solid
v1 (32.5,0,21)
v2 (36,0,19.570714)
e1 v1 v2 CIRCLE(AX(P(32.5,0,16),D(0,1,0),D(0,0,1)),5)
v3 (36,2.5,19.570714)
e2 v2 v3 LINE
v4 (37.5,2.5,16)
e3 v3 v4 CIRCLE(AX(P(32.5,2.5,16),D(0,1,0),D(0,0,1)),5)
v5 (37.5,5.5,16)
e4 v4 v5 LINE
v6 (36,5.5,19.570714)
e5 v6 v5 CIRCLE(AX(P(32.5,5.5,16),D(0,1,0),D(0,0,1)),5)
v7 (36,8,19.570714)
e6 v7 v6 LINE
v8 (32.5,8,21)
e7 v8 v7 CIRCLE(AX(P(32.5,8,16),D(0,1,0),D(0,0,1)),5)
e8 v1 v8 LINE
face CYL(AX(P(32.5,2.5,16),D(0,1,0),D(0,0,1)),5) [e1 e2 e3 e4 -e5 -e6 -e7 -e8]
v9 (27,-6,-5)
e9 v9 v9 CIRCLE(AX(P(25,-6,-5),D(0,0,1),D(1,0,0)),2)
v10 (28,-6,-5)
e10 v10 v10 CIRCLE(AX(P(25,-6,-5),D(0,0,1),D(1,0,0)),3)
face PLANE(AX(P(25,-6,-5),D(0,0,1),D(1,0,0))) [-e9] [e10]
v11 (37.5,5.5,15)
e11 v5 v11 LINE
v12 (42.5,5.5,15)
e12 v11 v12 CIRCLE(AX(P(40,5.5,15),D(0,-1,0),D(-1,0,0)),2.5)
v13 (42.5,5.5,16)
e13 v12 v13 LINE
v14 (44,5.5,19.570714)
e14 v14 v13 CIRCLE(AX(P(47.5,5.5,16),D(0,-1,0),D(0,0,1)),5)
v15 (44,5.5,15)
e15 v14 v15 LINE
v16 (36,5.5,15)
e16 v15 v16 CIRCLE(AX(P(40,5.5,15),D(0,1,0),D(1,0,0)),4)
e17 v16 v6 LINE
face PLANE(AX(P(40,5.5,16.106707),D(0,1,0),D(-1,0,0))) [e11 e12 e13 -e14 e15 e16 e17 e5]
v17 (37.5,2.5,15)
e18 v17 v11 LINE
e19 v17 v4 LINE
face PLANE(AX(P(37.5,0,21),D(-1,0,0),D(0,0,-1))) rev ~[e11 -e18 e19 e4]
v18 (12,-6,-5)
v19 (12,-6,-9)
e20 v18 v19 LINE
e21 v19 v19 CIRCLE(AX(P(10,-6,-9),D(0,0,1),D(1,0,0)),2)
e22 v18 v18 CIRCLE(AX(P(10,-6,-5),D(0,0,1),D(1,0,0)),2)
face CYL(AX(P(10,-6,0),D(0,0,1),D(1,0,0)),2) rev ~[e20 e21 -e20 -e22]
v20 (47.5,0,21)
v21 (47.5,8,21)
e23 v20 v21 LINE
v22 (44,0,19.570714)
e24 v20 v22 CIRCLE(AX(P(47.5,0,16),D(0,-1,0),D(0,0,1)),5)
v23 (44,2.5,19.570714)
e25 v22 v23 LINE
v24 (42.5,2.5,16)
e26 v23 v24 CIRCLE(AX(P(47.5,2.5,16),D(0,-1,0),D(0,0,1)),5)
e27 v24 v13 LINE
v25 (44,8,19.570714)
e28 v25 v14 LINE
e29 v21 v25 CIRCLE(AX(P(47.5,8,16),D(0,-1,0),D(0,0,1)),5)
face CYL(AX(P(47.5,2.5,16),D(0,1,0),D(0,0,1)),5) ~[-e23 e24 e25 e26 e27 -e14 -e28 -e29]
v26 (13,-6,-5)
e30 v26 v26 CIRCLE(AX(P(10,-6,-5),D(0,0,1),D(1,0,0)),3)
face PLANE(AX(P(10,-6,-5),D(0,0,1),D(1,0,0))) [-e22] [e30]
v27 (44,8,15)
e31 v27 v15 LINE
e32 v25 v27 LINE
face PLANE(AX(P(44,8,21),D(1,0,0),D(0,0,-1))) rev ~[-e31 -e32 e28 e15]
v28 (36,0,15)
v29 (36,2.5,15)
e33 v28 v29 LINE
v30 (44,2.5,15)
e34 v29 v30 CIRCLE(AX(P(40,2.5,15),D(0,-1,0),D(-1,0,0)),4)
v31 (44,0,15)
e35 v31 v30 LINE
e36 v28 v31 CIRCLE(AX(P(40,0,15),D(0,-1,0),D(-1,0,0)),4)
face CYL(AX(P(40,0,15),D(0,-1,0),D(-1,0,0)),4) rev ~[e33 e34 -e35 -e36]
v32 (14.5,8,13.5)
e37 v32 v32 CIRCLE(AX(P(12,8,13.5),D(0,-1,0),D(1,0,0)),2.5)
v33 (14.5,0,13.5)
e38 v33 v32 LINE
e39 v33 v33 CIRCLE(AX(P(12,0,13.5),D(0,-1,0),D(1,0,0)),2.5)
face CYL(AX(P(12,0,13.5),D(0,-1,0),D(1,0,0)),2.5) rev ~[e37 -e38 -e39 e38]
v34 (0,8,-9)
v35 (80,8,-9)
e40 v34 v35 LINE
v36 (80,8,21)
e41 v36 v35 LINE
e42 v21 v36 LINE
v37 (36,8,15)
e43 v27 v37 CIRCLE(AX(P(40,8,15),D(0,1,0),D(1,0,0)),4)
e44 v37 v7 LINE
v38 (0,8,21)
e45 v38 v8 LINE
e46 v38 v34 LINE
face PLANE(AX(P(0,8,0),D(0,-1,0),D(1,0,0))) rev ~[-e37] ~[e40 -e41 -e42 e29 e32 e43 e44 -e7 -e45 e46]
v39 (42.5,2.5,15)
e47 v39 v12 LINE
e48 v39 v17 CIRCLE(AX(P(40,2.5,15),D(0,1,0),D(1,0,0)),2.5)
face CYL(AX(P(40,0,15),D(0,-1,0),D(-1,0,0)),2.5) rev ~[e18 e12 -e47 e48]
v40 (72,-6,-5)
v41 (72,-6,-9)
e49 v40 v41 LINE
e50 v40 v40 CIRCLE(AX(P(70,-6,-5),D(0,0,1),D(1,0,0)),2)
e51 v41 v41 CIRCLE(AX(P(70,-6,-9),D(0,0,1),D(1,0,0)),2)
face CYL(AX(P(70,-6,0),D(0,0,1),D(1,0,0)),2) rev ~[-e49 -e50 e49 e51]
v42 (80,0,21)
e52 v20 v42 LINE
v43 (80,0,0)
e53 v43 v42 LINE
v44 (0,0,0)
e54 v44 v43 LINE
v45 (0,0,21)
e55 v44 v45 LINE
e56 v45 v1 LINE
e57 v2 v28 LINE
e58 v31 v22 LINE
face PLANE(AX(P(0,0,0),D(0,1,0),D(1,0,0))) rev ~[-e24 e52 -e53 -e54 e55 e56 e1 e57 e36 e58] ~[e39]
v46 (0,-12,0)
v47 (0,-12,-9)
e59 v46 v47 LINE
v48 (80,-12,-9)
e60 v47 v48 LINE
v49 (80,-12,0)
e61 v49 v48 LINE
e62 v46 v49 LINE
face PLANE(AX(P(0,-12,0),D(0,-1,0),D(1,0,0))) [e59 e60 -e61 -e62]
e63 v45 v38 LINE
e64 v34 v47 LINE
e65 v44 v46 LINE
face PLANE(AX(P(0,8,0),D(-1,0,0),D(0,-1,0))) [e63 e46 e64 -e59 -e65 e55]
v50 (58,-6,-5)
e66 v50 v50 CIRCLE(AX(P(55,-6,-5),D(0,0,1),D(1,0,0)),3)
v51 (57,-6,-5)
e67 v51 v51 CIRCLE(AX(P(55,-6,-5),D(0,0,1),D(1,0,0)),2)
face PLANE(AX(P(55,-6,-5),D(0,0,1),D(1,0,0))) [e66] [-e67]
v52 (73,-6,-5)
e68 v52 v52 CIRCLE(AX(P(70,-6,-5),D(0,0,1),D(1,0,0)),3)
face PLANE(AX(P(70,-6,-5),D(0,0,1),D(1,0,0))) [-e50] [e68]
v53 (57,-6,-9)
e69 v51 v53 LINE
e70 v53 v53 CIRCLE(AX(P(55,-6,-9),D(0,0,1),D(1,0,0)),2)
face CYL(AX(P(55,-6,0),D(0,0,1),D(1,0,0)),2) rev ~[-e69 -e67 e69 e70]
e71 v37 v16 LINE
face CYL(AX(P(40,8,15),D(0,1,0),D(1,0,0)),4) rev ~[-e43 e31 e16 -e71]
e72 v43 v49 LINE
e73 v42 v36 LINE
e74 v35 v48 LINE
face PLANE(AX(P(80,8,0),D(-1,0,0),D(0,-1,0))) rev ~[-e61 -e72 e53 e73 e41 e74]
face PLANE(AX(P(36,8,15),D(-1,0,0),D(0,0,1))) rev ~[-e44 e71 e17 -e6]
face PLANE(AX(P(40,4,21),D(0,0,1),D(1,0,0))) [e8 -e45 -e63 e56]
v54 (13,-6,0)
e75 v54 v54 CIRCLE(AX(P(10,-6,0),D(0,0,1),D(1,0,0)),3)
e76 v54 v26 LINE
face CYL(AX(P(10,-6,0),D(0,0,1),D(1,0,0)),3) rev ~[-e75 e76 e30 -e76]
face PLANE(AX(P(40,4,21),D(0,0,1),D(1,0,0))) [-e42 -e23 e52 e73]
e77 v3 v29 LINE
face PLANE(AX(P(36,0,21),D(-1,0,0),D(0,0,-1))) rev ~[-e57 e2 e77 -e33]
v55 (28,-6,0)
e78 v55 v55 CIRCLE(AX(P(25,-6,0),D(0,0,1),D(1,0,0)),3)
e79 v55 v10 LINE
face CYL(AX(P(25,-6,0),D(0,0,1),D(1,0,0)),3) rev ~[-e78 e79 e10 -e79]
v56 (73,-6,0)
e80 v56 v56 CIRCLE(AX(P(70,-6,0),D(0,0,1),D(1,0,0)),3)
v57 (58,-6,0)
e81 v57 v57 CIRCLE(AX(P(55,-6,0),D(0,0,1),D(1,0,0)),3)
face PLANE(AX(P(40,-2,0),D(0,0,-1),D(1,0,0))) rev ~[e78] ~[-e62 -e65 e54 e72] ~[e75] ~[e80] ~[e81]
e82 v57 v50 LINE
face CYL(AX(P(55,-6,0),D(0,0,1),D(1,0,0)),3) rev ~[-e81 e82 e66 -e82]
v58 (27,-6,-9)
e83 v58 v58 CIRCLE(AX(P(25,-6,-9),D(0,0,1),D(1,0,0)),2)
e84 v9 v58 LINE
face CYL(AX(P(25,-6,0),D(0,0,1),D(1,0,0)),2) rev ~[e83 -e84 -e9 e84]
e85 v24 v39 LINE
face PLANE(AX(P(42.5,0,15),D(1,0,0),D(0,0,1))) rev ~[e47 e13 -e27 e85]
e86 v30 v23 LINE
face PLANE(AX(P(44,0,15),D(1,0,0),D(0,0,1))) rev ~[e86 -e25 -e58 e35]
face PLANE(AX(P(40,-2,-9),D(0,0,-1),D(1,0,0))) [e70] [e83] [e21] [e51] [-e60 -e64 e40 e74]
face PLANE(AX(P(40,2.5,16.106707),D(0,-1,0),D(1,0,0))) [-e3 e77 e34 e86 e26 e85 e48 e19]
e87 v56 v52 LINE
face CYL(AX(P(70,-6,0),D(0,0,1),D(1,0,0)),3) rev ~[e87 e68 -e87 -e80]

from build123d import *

# Parameters (mm, degrees)
F0_W      = 80
F0_H      = 8
F1_DEPTH  = 21
F3_DEPTH  = 25
F5_DEPTH  = 2.5
F7_DEPTH  = 2.5
F8_R      = 5
F9_W      = 80
F9_H      = 20
F10_DEPTH = 9
F11_R     = 2
F12_DEPTH = 25
F13_R     = 3
F14_DEPTH = 5
F15_R     = 2.5
F16_DEPTH = 25


with BuildPart() as f1:
    # F0 (on Top) → F1 (new body)
    with BuildSketch(Plane.XY):
        with Locations((40, 4)):
            Rectangle(F0_W, F0_H)
    extrude(amount=F1_DEPTH)

    # F2 (on face) → F3 (cut)
    with BuildSketch(Plane.XZ):
        with BuildLine():
            Line((37.5, 21), (37.5, 15))
            ThreePointArc((37.5, 15), (40, 12.5), (42.5, 15))
            Line((42.5, 15), (42.5, 21))
            Line((42.5, 21), (37.5, 21))
        make_face()
    extrude(amount=-F3_DEPTH, mode=Mode.SUBTRACT)

    # F4 (on face) → F5 (cut)
    with BuildSketch(Plane.XZ):
        with BuildLine():
            Line((36, 21), (36, 15))
            ThreePointArc((36, 15), (40, 11), (44, 15))
            Line((44, 15), (44, 21))
            Line((44, 21), (42.5, 21))
            Line((42.5, 21), (42.5, 15))
            ThreePointArc((42.5, 15), (40, 12.5), (37.5, 15))
            Line((37.5, 15), (37.5, 21))
            Line((37.5, 21), (36, 21))
        make_face()
    extrude(amount=-F5_DEPTH, mode=Mode.SUBTRACT)

    # F6 (on face) → F7 (cut)
    with BuildSketch(Plane(origin=(0, 8, 0), x_dir=(-1, 0, 0), z_dir=(0, 1, 0))):
        with BuildLine():
            Line((-44, 21), (-44, 15))
            ThreePointArc((-44, 15), (-40, 11), (-36, 15))
            Line((-36, 15), (-36, 21))
            Line((-36, 21), (-37.5, 21))
            Line((-37.5, 21), (-37.5, 15))
            ThreePointArc((-37.5, 15), (-40, 12.5), (-42.5, 15))
            Line((-42.5, 15), (-42.5, 21))
            Line((-42.5, 21), (-44, 21))
        make_face()
    extrude(amount=-F7_DEPTH, mode=Mode.SUBTRACT)

    # F8
    f8_edges = [f1.edges().sort_by_distance(p)[0] for p in [
        (42.5, 4, 21),
        (37.5, 4, 21),
    ]]
    fillet(f8_edges, radius=F8_R)

    # F9 (on face) → F10 (join)
    with BuildSketch(Plane(origin=(0, 0, 0), x_dir=(1, 0, 0), z_dir=(0, 0, -1))):
        with Locations((40, 2)):
            Rectangle(F9_W, F9_H)
    extrude(amount=F10_DEPTH)

    # F11 (on face) → F12 (cut)
    with BuildSketch(Plane.XY):
        with Locations((10, -6)):
            Circle(F11_R)
        with Locations((25, -6)):
            Circle(F11_R)
        with Locations((70, -6)):
            Circle(F11_R)
        with Locations((55, -6)):
            Circle(F11_R)
    extrude(amount=-F12_DEPTH, mode=Mode.SUBTRACT)

    # F13 (on face) → F14 (cut)
    with BuildSketch(Plane.XY):
        with Locations((10, -6)):
            Circle(F13_R)
        with Locations((25, -6)):
            Circle(F13_R)
        with Locations((55, -6)):
            Circle(F13_R)
        with Locations((70, -6)):
            Circle(F13_R)
    extrude(amount=-F14_DEPTH, mode=Mode.SUBTRACT)

    # F15 (on face) → F16 (cut)
    with BuildSketch(Plane.XZ):
        with Locations((12, 13.5)):
            Circle(F15_R)
    extrude(amount=-F16_DEPTH, mode=Mode.SUBTRACT)


solid = f1.part
